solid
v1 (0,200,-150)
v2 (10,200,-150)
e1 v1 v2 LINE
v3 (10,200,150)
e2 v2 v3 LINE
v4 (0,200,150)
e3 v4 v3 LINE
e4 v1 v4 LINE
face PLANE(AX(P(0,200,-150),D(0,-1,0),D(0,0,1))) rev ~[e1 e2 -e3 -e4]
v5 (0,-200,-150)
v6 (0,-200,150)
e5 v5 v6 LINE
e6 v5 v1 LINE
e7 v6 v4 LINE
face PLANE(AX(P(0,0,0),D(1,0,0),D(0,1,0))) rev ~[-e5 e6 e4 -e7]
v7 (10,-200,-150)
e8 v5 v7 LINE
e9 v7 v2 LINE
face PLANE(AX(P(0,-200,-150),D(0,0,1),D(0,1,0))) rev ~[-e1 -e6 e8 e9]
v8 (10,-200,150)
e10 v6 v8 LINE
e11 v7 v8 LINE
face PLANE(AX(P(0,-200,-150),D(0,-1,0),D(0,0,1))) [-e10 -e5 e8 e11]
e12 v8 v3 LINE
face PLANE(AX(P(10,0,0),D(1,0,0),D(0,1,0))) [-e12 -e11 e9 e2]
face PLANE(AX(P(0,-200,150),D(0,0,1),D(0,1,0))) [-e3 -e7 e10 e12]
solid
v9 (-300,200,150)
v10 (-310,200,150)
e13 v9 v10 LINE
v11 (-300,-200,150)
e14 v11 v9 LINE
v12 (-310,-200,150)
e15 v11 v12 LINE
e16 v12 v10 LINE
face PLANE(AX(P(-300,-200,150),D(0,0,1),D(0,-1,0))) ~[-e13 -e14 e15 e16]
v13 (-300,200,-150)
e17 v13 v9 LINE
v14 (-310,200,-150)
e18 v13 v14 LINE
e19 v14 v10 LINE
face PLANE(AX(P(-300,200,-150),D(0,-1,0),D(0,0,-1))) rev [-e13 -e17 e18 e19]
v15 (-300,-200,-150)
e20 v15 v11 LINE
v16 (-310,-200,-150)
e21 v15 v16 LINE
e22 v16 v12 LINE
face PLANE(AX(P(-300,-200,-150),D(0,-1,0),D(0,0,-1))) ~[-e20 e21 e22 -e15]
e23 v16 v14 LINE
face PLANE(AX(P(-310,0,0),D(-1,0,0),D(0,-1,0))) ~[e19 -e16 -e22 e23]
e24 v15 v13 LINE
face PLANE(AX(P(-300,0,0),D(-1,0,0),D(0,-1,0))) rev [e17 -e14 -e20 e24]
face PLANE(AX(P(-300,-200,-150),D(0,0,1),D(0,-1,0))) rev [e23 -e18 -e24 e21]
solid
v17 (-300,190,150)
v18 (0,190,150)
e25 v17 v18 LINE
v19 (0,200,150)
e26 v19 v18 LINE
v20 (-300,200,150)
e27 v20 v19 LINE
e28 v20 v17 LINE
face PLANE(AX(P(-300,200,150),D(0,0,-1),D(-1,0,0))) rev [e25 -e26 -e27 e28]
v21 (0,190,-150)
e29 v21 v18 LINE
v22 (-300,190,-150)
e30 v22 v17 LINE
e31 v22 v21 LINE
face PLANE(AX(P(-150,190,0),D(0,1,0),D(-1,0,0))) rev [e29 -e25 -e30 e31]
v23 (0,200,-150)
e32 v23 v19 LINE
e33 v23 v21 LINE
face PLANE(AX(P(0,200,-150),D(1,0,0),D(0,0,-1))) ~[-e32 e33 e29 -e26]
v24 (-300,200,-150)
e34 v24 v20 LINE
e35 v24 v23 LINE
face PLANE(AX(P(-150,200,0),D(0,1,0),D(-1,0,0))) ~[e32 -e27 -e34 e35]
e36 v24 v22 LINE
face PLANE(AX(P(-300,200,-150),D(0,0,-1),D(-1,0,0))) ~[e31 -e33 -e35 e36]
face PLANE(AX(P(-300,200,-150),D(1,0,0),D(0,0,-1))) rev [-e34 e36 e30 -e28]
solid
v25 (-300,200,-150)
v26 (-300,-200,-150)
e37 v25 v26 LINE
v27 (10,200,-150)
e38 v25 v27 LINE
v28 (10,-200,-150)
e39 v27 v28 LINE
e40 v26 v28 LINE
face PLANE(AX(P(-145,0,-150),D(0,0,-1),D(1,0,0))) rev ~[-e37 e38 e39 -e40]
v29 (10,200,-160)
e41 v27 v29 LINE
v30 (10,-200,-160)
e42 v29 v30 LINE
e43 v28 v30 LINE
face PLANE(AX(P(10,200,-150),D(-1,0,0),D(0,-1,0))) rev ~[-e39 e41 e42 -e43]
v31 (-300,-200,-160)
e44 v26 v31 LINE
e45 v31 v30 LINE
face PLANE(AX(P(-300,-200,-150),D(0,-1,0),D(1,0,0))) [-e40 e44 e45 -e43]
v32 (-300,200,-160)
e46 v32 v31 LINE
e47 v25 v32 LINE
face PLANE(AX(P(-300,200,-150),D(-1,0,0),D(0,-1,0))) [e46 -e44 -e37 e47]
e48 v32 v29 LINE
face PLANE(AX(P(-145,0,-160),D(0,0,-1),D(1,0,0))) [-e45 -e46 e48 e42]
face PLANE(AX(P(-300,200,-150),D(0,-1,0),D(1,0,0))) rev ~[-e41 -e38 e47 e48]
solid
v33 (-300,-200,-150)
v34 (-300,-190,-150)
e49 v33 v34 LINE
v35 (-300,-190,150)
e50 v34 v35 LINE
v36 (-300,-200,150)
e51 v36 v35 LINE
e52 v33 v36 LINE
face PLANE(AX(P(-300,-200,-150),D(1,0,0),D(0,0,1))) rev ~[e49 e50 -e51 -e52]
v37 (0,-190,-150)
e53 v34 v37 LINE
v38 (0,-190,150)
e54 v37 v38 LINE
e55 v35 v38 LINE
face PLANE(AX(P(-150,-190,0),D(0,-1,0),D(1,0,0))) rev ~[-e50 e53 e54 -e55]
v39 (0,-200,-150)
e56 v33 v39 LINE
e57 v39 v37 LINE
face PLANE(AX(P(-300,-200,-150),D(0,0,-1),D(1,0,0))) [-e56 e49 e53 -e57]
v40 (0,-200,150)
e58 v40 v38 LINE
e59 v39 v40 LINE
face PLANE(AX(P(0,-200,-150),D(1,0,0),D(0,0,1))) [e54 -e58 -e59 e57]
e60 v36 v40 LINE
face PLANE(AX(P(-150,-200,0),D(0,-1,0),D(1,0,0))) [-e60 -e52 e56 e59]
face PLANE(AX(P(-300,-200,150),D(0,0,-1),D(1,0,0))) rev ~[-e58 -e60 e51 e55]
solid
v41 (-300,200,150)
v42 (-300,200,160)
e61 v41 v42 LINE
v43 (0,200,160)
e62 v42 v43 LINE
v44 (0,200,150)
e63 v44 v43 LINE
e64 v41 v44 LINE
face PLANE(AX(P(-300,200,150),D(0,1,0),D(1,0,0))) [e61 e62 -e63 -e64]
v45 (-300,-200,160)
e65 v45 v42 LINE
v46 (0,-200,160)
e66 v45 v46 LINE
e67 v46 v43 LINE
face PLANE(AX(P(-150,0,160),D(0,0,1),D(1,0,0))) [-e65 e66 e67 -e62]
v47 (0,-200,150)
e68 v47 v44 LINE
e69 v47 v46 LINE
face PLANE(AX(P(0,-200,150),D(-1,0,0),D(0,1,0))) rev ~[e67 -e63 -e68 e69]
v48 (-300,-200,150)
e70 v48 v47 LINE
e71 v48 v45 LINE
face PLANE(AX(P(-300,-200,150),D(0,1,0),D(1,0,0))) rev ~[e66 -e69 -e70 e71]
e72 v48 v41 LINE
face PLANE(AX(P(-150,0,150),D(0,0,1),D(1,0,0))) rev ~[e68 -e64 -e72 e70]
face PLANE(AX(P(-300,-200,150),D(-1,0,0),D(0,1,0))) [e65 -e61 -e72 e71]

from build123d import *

# Parameters (mm, degrees)
F0_W      = 400
F0_H      = 300
F1_DEPTH  = 10
F2_W      = 300
F2_H      = 300
F3_DEPTH  = 10
F7_W      = 300
F7_H      = 400
F8_DEPTH  = 10
F9_W      = 310
F9_H      = 400
F10_DEPTH = 10


with BuildPart() as f1:
    # F0 (on Right) → F1 (new body)
    with BuildSketch(Plane.YZ):
        Rectangle(F0_W, F0_H)
    extrude(amount=F1_DEPTH)


with BuildPart() as f3:
    # F2 (on face) → F3 (new body)
    with BuildSketch(Plane.XZ.offset(200)):
        with Locations((-150, 0)):
            Rectangle(F2_W, F2_H)
    extrude(amount=-F3_DEPTH)


with BuildPart() as f4_1:
    # F4: instance of F3
    add(f3.part.mirror(Plane.XZ))


with BuildPart() as f6_1:
    # F6: instance of F1
    add(f1.part.mirror(Plane(origin=(-150, 0, 0), x_dir=(0, 1, 0), z_dir=(-1, 0, 0))))


with BuildPart() as f8:
    # F7 (on face) → F8 (new body)
    with BuildSketch(Plane.XY.offset(150)):
        with Locations((-150, 0)):
            Rectangle(F7_W, F7_H)
    extrude(amount=F8_DEPTH)


with BuildPart() as f10:
    # F9 (on face) → F10 (new body)
    with BuildSketch(Plane(origin=(0, 0, -150), x_dir=(1, 0, 0), z_dir=(0, 0, -1))):
        with Locations((-145, 0)):
            Rectangle(F9_W, F9_H)
    extrude(amount=F10_DEPTH)


solid = Compound([f1.part, f3.part, f4_1.part, f6_1.part, f8.part, f10.part])
